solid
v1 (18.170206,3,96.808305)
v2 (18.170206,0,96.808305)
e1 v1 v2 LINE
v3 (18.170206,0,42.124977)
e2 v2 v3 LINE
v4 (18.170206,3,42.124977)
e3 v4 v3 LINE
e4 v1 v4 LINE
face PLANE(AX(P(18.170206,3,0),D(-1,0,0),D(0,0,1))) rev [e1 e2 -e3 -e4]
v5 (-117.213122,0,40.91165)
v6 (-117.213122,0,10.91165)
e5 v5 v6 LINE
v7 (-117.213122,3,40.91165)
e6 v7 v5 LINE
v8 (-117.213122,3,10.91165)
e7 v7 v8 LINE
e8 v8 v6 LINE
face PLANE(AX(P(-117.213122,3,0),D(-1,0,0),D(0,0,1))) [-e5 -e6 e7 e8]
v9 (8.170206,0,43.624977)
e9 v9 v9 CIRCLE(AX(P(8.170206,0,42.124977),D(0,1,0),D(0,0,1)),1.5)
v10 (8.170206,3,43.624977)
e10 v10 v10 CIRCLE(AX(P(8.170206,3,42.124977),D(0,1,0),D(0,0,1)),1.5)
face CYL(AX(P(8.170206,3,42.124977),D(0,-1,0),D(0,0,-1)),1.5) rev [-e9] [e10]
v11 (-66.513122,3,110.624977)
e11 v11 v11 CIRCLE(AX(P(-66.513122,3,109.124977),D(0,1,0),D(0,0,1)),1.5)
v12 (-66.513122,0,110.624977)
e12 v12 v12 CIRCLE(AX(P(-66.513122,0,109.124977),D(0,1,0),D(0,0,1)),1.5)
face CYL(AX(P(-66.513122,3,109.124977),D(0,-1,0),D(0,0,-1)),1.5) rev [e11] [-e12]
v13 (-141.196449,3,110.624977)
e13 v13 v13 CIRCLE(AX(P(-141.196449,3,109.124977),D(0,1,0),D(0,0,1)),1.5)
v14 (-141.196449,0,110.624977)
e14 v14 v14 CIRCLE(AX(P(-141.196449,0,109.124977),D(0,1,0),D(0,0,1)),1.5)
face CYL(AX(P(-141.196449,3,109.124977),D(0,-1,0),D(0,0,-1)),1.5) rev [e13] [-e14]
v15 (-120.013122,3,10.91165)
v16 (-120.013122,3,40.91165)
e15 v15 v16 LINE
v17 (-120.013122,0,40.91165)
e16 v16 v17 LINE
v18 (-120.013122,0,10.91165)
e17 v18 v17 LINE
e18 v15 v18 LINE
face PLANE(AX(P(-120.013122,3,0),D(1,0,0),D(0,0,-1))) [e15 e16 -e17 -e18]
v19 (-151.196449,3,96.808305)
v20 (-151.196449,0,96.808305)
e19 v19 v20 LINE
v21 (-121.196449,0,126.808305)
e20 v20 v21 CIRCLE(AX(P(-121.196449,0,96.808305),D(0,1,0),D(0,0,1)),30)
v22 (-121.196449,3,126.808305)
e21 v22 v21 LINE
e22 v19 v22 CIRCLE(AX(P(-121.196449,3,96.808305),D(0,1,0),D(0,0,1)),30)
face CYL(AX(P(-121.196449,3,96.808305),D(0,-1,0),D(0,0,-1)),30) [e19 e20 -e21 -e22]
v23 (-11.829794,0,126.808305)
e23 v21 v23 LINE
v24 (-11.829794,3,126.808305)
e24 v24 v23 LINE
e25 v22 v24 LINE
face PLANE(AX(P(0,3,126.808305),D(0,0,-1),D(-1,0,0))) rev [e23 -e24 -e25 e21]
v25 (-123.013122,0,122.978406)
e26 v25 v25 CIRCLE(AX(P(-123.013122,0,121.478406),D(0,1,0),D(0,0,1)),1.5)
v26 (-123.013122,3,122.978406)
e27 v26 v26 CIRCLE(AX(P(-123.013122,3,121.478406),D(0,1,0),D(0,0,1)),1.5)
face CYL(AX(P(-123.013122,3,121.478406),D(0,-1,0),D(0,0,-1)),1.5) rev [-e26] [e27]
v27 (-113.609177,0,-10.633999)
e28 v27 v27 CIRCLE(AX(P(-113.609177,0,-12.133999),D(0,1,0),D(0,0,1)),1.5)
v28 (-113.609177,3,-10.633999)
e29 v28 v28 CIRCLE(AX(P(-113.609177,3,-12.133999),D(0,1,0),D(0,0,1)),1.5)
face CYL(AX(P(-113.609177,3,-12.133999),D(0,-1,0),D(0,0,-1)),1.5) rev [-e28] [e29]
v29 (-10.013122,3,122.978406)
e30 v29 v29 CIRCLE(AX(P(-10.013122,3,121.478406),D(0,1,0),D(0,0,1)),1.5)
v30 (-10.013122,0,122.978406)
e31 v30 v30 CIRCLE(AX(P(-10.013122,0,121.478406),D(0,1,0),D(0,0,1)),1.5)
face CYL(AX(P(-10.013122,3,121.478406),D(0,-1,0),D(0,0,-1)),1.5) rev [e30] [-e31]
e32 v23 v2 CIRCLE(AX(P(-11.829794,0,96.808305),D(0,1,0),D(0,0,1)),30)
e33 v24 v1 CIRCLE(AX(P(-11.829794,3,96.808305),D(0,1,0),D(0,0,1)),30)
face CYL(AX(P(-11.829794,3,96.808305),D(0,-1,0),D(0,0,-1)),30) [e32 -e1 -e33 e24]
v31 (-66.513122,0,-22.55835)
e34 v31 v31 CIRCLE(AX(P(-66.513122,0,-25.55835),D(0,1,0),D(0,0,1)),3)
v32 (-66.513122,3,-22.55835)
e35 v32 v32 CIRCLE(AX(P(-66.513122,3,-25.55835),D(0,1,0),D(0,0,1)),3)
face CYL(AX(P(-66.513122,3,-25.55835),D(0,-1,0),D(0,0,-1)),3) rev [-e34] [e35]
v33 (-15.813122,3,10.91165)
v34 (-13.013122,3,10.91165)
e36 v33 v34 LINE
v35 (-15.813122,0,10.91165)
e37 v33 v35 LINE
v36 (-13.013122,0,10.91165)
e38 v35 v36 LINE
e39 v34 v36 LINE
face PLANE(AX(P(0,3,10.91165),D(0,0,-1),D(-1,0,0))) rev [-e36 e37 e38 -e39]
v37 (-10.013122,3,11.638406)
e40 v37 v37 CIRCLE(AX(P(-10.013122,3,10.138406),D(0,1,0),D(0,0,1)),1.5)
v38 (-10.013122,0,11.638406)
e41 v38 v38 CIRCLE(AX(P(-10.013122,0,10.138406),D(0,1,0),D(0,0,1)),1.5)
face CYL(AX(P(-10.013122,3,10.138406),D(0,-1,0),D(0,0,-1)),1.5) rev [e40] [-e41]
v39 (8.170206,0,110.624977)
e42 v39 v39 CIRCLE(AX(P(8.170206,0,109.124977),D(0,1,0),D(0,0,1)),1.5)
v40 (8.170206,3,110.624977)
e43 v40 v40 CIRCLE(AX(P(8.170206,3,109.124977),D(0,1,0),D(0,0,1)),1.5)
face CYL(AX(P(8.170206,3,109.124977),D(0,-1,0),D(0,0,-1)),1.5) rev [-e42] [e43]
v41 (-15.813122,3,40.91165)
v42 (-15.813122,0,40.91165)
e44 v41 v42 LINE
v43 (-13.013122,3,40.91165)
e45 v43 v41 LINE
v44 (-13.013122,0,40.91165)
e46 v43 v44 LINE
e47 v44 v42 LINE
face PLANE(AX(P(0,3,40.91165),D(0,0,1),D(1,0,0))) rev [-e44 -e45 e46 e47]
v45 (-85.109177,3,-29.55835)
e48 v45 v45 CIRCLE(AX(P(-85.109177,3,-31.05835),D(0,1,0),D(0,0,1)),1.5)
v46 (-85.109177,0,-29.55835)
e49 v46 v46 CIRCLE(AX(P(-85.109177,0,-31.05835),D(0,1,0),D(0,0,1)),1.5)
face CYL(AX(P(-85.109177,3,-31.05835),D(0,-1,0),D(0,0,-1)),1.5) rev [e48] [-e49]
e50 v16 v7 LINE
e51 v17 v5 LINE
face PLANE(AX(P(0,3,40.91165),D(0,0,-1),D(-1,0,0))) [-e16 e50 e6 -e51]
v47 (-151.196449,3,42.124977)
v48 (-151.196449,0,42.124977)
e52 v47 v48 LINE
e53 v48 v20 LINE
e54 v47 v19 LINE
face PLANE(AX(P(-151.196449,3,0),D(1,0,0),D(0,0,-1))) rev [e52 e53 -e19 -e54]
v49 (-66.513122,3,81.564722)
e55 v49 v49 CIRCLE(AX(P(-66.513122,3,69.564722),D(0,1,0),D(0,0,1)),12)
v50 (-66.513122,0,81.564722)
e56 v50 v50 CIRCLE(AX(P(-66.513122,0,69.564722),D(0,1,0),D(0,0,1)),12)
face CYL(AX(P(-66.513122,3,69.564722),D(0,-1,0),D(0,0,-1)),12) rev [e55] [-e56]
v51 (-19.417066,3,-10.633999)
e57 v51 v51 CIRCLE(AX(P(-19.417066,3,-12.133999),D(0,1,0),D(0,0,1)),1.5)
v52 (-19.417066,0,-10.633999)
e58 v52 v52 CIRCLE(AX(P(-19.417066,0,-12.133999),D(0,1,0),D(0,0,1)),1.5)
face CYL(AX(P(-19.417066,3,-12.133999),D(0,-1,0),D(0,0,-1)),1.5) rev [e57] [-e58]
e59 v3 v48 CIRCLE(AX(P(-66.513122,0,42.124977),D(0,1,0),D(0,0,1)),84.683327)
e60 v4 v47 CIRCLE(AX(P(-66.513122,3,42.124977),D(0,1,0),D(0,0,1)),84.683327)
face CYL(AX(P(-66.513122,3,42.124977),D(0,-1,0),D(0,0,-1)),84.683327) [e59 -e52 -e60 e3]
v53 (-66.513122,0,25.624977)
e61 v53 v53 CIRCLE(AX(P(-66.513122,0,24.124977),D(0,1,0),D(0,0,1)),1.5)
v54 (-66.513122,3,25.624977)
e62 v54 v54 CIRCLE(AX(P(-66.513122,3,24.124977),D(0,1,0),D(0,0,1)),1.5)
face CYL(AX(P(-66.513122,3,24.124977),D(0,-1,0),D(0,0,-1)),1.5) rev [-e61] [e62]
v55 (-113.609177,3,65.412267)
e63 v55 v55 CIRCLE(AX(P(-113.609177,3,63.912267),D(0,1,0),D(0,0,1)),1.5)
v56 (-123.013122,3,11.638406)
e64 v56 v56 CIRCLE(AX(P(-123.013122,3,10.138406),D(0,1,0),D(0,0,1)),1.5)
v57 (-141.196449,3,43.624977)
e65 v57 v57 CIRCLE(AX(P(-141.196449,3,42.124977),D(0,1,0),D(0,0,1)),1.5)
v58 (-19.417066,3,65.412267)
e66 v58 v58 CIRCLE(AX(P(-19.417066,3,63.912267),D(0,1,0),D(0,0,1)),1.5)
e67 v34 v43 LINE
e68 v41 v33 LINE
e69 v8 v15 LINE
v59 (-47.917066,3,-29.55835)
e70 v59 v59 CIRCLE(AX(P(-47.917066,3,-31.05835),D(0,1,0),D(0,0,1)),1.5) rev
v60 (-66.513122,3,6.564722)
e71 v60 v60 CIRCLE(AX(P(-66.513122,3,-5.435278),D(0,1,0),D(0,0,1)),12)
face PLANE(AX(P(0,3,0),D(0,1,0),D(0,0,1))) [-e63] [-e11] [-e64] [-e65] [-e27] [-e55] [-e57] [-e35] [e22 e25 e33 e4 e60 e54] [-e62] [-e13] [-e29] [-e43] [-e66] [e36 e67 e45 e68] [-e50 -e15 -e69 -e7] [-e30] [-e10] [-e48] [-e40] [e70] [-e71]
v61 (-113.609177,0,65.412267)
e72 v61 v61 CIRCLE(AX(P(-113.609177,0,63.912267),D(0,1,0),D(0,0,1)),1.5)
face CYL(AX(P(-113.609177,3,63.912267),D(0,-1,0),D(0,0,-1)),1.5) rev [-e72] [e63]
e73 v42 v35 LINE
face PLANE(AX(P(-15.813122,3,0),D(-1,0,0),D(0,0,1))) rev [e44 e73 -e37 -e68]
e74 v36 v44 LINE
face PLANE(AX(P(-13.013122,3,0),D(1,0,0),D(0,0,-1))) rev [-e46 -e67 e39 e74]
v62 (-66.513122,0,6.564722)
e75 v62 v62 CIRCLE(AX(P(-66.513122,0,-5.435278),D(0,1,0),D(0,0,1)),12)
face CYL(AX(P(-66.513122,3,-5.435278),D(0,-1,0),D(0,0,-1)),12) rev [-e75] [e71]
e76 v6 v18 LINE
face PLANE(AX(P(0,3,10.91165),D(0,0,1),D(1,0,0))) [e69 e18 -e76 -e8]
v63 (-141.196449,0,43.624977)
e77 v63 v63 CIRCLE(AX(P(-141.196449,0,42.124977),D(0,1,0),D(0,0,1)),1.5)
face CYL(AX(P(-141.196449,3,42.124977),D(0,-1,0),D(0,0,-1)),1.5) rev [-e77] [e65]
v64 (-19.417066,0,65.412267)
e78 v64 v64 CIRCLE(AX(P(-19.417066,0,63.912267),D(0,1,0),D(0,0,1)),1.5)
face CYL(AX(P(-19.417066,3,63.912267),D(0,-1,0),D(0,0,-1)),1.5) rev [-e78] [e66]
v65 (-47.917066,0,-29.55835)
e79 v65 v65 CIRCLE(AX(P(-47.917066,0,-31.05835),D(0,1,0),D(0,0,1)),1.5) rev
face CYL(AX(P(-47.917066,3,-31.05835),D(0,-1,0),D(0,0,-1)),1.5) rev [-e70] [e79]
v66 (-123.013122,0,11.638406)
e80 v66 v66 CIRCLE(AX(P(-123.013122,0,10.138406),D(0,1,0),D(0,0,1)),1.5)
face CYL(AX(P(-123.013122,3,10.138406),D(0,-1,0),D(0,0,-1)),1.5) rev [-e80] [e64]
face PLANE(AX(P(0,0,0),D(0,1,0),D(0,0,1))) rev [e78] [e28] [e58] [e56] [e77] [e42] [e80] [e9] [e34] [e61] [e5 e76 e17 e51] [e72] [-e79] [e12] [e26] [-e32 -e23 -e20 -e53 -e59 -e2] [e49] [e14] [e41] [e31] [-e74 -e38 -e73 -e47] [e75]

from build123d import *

# Parameters (mm, degrees)
SKETCH1_R           = 1.5
SKETCH1_R_2         = 12
SKETCH1_R_3         = 3
SKETCH1_W           = 2.8
SKETCH1_H           = 30
BOSS_EXTRUDE4_DEPTH = 3


with BuildPart() as part:
    # Sketch1 → Boss-Extrude4 (new body)
    with BuildSketch(Plane(origin=(0, 0, 0), x_dir=(1, 0, 0), z_dir=(0, 1, 0))):
        with BuildLine():
            Line((-121.196449229, -126.808304592), (-11.829794241, -126.808304592))
            ThreePointArc((-11.829794241, -126.808304592), (9.383409194, -118.021508028), (18.170205759, -96.808304592))
            Line((18.170205759, -96.808304592), (18.170205759, -42.124977099))
            ThreePointArc((18.170205759, -42.124977099), (-66.513121735, 42.558350395), (-151.196449229, -42.124977099))
            Line((-151.196449229, -42.124977099), (-151.196449229, -96.808304592))
            ThreePointArc((-151.196449229, -96.808304592), (-142.409652664, -118.021508028), (-121.196449229, -126.808304592))
        make_face()
        with Locations(Location((-19.417066349, 12.133998526, 0), (0, 0, 270))):
            Circle(SKETCH1_R, mode=Mode.SUBTRACT)
        with Locations(Location((-113.609177122, 12.133998526, 0), (0, 0, 270))):
            Circle(SKETCH1_R, mode=Mode.SUBTRACT)
        with Locations(Location((8.170205759, -42.124977099, 0), (0, 0, 270))):
            Circle(SKETCH1_R, mode=Mode.SUBTRACT)
        with Locations(Location((-141.196449229, -42.124977099, 0), (0, 0, 270))):
            Circle(SKETCH1_R, mode=Mode.SUBTRACT)
        with Locations(Location((-66.513121735, 5.435278237, 0), (0, 0, 270))):
            Circle(SKETCH1_R_2, mode=Mode.SUBTRACT)
        with Locations(Location((-66.513121735, 25.558350395, 0), (0, 0, 270))):
            Circle(SKETCH1_R_3, mode=Mode.SUBTRACT)
        with Locations(Location((-66.513121735, -69.564721763, 0), (0, 0, 270))):
            Circle(SKETCH1_R_2, mode=Mode.SUBTRACT)
        with Locations(Location((-123.013121735, -10.138406212, 0), (0, 0, 270))):
            Circle(SKETCH1_R, mode=Mode.SUBTRACT)
        with Locations(Location((-10.013121735, -10.138406212, 0), (0, 0, 270))):
            Circle(SKETCH1_R, mode=Mode.SUBTRACT)
        with Locations(Location((-10.013121735, -121.478406212, 0), (0, 0, 270))):
            Circle(SKETCH1_R, mode=Mode.SUBTRACT)
        with Locations(Location((-123.013121735, -121.478406212, 0), (0, 0, 270))):
            Circle(SKETCH1_R, mode=Mode.SUBTRACT)
        with Locations(Location((-66.513121735, -109.124977099, 0), (0, 0, 270))):
            Circle(SKETCH1_R, mode=Mode.SUBTRACT)
        with Locations(Location((-66.513121735, -24.124977099, 0), (0, 0, 270))):
            Circle(SKETCH1_R, mode=Mode.SUBTRACT)
        with Locations(Location((-141.196449229, -109.124977099, 0), (0, 0, 270))):
            Circle(SKETCH1_R, mode=Mode.SUBTRACT)
        with Locations(Location((8.170205759, -109.124977099, 0), (0, 0, 270))):
            Circle(SKETCH1_R, mode=Mode.SUBTRACT)
        with Locations(Location((-19.417066349, -63.912266725, 0), (0, 0, 270))):
            Circle(SKETCH1_R, mode=Mode.SUBTRACT)
        with Locations(Location((-113.609177122, -63.912266725, 0), (0, 0, 270))):
            Circle(SKETCH1_R, mode=Mode.SUBTRACT)
        with Locations(Location((-85.109177122, 31.058350391, 0), (0, 0, 270))):
            Circle(SKETCH1_R, mode=Mode.SUBTRACT)
        with Locations(Location((-47.917066349, 31.058350391, 0), (0, 0, 270))):
            Circle(SKETCH1_R, mode=Mode.SUBTRACT)
        with Locations((-14.413121735, -25.911649605)):
            Rectangle(SKETCH1_W, SKETCH1_H, mode=Mode.SUBTRACT)
        with Locations((-118.613121735, -25.911649605)):
            Rectangle(SKETCH1_W, SKETCH1_H, mode=Mode.SUBTRACT)
    extrude(amount=BOSS_EXTRUDE4_DEPTH)


solid = part.part
